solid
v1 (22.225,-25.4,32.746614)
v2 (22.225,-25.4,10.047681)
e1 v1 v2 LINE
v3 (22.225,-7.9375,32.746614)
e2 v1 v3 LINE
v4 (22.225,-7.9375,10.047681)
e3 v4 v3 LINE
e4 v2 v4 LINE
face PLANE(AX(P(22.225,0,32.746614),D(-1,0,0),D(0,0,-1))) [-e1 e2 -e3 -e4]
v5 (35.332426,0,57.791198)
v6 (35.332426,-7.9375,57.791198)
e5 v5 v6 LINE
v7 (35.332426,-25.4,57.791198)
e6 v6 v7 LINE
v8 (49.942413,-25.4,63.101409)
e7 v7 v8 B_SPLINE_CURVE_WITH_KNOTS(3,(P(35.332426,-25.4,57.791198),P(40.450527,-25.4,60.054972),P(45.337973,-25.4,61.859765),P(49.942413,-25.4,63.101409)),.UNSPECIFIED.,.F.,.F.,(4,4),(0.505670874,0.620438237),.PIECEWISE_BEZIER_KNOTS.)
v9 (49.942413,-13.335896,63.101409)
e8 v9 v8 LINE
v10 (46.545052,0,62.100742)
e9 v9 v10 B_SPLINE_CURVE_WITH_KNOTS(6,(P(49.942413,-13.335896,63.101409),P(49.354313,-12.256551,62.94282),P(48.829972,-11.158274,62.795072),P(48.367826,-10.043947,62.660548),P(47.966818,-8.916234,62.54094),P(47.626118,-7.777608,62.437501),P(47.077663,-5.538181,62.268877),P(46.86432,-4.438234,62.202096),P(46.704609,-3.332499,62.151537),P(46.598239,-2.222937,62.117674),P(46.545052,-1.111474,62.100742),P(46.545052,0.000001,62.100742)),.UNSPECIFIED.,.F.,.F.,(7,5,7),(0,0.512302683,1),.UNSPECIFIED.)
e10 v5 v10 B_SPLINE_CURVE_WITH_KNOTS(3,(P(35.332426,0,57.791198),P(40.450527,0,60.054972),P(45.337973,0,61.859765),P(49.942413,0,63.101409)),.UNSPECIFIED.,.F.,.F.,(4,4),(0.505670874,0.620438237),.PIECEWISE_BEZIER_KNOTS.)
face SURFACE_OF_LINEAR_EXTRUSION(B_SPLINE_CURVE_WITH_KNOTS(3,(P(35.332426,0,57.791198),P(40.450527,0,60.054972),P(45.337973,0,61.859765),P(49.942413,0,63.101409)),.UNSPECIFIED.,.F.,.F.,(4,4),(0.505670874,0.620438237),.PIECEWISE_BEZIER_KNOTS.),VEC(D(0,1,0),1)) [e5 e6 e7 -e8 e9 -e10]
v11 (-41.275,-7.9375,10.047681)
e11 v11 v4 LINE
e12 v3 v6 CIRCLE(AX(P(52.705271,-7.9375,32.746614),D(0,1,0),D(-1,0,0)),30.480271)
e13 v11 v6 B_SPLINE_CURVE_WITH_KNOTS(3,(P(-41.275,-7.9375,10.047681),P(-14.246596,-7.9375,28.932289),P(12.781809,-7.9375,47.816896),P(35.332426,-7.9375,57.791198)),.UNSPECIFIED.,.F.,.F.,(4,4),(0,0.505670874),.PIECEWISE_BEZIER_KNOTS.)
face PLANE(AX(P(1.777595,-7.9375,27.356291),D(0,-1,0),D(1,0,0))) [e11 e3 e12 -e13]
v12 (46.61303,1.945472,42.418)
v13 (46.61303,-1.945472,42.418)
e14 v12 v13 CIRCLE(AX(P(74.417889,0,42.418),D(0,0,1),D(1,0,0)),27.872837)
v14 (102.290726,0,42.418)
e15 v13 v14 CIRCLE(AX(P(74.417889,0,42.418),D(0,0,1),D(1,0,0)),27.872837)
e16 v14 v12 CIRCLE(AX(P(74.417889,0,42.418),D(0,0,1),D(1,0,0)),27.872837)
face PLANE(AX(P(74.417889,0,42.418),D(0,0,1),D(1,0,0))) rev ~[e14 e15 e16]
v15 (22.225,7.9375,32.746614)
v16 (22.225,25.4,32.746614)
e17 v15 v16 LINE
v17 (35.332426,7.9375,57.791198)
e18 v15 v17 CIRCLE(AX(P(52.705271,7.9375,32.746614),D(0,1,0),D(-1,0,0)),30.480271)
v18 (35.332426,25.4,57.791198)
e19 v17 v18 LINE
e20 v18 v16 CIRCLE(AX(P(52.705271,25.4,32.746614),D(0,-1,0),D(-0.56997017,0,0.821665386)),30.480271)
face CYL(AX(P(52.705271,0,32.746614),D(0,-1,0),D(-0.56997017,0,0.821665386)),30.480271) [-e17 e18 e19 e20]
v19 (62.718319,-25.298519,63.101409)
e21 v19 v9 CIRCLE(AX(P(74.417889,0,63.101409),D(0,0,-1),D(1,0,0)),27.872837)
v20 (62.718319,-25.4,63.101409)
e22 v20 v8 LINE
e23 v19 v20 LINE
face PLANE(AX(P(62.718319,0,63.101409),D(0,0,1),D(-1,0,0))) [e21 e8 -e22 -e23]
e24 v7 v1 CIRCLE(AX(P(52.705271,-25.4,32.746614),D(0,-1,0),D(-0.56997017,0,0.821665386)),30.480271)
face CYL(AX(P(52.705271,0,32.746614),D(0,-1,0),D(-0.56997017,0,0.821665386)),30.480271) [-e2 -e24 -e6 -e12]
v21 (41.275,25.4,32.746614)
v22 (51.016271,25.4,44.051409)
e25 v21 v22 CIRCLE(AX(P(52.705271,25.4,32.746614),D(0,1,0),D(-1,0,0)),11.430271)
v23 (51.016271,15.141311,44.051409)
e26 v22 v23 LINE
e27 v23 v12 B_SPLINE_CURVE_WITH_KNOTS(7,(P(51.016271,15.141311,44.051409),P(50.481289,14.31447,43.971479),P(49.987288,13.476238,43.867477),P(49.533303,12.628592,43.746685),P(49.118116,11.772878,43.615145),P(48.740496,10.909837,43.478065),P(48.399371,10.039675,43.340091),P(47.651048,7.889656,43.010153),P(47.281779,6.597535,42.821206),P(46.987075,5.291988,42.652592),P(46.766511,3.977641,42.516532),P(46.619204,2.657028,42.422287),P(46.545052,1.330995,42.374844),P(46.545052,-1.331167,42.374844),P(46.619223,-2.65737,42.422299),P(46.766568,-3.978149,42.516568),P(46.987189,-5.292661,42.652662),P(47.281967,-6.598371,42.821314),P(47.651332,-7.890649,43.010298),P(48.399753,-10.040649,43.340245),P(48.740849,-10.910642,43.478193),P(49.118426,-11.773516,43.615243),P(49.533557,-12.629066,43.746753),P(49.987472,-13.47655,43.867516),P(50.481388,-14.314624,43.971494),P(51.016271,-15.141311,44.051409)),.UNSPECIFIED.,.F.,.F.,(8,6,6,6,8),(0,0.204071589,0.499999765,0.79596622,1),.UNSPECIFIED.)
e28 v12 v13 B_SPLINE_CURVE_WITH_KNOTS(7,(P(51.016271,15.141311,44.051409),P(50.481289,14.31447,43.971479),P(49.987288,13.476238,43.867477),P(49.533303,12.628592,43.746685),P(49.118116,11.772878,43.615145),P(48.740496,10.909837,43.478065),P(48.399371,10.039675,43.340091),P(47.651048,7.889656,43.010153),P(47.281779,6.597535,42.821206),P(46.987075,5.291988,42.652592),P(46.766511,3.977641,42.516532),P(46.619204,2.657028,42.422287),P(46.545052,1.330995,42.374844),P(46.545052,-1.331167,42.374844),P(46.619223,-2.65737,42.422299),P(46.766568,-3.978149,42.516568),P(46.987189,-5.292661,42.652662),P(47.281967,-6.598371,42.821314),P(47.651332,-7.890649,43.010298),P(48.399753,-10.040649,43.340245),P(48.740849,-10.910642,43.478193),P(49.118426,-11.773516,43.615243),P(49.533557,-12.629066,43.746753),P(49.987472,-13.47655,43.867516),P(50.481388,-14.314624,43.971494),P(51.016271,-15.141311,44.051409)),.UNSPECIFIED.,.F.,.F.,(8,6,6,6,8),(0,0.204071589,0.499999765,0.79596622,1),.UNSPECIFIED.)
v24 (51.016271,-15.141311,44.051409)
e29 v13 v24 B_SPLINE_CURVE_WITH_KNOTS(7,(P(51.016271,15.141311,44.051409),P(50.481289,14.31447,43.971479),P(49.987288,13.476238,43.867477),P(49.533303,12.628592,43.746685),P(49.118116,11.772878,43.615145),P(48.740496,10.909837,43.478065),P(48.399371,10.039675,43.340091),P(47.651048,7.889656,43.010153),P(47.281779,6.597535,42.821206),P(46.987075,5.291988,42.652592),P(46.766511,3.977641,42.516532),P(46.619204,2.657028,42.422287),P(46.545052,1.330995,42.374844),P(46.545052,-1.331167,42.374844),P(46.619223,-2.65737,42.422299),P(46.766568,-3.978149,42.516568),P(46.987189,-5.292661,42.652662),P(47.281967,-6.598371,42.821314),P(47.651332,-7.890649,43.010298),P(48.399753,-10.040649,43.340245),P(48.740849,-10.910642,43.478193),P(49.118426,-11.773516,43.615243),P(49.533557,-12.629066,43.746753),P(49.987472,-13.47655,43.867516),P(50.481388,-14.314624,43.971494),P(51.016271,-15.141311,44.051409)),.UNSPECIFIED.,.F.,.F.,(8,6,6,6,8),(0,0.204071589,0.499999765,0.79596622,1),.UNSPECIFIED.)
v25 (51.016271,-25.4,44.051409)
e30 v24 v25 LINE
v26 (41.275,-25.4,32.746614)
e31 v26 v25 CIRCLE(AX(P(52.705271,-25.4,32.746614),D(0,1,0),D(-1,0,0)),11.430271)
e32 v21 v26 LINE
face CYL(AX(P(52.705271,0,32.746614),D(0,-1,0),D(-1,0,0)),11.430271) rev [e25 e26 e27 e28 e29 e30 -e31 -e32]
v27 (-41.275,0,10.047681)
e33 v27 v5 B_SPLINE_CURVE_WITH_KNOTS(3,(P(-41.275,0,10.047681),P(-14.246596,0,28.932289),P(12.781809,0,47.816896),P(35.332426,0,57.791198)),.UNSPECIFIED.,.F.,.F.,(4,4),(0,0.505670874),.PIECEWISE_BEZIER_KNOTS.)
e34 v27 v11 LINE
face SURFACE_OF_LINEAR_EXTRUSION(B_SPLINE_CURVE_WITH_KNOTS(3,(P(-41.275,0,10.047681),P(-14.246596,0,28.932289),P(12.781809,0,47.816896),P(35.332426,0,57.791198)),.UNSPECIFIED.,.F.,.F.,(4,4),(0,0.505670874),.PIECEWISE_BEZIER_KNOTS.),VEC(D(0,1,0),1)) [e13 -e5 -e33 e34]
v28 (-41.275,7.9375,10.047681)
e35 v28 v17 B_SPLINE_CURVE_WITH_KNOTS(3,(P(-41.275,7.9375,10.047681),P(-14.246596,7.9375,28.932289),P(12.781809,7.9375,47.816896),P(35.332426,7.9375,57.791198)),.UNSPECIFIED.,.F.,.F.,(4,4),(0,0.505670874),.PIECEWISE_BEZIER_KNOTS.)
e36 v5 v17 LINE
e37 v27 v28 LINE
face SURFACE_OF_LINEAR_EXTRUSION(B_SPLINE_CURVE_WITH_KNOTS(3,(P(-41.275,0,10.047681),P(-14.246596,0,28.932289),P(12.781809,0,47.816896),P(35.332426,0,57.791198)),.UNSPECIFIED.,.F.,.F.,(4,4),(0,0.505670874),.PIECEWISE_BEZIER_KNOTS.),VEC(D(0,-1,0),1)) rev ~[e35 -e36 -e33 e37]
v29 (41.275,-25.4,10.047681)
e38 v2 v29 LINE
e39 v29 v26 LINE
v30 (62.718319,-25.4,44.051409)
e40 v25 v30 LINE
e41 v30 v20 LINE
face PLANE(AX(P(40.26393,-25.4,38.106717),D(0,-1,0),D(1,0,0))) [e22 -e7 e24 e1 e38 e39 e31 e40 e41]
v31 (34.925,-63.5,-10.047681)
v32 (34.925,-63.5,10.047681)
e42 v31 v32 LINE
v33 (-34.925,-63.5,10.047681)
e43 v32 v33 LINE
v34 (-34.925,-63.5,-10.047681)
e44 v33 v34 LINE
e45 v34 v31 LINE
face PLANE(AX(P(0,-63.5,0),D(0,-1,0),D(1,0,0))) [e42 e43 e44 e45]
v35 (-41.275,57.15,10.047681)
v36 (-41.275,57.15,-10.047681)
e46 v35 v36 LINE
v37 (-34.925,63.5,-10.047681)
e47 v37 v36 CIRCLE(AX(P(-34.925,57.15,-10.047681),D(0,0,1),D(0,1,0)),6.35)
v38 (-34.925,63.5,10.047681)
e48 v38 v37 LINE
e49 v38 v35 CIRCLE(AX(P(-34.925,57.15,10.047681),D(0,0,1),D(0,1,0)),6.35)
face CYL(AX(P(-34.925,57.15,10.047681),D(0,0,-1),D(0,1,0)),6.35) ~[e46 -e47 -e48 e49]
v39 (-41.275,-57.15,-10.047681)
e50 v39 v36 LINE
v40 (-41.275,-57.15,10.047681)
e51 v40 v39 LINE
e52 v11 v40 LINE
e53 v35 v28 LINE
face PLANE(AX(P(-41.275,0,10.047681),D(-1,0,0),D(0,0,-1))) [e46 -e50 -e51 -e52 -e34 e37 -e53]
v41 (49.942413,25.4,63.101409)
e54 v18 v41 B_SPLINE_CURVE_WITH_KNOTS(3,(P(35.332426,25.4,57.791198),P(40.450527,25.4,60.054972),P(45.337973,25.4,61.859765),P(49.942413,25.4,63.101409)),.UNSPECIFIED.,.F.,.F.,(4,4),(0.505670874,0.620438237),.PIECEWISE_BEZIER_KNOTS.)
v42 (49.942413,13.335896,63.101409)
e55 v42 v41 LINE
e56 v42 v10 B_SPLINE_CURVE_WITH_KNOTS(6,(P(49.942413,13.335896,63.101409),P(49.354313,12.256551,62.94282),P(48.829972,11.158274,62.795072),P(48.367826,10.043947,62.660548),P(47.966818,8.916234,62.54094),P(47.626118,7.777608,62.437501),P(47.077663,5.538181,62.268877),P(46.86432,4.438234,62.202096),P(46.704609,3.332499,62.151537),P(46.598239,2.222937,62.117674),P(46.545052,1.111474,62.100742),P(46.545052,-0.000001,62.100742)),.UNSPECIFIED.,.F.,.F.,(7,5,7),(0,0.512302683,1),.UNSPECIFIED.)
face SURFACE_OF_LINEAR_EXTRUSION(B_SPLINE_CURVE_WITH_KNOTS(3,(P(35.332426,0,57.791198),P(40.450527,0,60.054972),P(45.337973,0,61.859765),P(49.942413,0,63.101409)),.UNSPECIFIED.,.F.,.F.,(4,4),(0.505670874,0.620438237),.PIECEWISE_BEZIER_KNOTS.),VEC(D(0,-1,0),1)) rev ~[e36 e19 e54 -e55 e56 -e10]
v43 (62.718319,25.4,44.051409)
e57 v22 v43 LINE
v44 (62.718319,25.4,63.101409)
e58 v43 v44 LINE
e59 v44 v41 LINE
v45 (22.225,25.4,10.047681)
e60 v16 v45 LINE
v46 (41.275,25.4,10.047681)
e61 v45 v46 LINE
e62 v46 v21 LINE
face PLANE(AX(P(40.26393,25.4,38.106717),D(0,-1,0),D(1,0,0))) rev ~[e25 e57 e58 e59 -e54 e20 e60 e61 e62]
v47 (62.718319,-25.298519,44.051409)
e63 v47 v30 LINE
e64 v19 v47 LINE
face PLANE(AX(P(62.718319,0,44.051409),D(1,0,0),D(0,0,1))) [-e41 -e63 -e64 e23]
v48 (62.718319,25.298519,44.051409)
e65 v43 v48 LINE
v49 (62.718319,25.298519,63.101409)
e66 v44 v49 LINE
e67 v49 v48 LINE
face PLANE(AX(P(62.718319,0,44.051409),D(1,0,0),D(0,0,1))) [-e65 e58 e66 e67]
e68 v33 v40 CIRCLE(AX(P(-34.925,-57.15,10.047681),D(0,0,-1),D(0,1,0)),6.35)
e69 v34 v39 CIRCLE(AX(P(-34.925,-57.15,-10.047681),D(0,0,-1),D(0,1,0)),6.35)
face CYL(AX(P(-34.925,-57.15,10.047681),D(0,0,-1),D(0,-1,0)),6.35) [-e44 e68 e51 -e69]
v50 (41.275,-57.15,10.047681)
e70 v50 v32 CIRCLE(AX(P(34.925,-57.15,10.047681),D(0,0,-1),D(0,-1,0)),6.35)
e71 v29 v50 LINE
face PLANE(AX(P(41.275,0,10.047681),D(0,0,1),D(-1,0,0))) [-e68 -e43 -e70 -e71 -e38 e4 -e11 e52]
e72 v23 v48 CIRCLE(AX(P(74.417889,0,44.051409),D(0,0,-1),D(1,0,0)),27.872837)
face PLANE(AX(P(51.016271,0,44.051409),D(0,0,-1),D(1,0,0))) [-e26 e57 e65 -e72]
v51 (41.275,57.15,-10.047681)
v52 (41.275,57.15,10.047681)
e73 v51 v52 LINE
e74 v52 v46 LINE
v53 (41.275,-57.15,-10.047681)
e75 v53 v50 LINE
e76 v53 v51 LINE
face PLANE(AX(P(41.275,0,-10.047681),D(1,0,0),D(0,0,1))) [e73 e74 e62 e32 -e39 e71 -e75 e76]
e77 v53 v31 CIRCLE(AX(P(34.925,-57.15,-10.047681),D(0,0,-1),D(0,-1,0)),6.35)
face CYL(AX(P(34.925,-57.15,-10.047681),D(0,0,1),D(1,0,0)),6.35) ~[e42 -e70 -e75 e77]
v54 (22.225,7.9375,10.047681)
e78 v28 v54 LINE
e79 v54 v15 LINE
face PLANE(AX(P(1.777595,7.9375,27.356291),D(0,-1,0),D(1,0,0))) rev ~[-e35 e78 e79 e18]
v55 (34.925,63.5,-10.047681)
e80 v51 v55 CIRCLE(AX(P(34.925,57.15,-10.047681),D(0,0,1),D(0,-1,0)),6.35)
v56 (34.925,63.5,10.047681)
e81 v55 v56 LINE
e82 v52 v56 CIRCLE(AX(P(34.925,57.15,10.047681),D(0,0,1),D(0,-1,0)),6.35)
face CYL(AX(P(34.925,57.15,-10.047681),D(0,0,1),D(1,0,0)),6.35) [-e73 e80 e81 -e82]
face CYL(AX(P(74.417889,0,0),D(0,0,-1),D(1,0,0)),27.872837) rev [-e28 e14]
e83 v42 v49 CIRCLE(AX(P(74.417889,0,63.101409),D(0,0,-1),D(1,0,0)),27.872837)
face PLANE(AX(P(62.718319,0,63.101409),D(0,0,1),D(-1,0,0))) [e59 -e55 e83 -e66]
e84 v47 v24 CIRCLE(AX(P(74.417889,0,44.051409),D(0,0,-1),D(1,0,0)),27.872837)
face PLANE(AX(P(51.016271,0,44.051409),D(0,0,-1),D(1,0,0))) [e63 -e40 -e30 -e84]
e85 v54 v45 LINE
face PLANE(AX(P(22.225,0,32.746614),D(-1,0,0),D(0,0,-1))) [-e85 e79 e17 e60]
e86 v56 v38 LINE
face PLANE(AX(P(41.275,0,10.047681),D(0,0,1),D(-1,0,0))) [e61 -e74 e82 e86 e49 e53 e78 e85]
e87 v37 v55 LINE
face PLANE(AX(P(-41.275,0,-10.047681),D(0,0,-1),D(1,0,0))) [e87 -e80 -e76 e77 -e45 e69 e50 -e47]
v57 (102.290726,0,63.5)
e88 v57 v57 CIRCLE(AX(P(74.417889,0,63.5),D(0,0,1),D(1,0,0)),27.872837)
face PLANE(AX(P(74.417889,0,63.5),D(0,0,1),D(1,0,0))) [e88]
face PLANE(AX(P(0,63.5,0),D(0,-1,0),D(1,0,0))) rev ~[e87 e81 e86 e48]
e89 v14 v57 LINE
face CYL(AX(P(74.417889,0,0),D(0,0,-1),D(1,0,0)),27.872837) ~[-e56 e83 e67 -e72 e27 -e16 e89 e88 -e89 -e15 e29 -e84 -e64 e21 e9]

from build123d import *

# Parameters (mm, degrees)
F1_DEPTH = 63.5
F2_DEPTH = 25.4
F3_DEPTH = 7.9375
F4_R     = 27.8728367349
F5_DEPTH = 63.5
F6_DEPTH = 42.418
F7_R     = 6.35


with BuildPart() as f1:
    # F0 (on Front) → F1 (new body, symmetric)
    with BuildSketch(Plane.XZ):
        Polygon((41.275, -10.04768112), (41.275, 10.04768112), (22.225, 10.04768112), (-41.275, 10.04768112), (-41.275, -10.04768112), align=None)
    extrude(amount=F1_DEPTH, both=True)

    # F0 (on Front) → F2 (join, symmetric)
    with BuildSketch(Plane.XZ):
        with BuildLine():
            Line((22.225, 10.04768112), (41.275, 10.04768112))
            Line((41.275, 10.04768112), (41.275, 32.7466142374))
            ThreePointArc((41.275, 32.7466142374), (44.0462635088, 40.2080273698), (51.0162711539, 44.0514087971))
            Line((51.0162711539, 44.0514087971), (62.7183187845, 44.0514087971))
            Line((62.7183187845, 44.0514087971), (62.7183187845, 63.1014087971))
            Line((62.7183187845, 63.1014087971), (49.9424132783, 63.1014087971))
            add(Edge.make_bspline(
                [(35.3324258873, 57.7911980863), (40.4505273994, 60.0549715303), (45.3379731216, 61.8597652076), (49.9424132783, 63.1014087971)],
                knots=[0.5056708744, 0.5056708744, 0.5056708744, 0.5056708744, 0.620438237, 0.620438237, 0.620438237, 0.620438237], degree=3))
            ThreePointArc((35.3324258873, 57.7911980863), (25.6999386791, 46.8802248302), (22.225, 32.7466142374))
            Line((22.225, 32.7466142374), (22.225, 10.04768112))
        make_face()
    extrude(amount=F2_DEPTH, both=True)

    # F0 (on Front) → F3 (join, symmetric)
    with BuildSketch(Plane.XZ):
        with BuildLine():
            Line((-41.275, 10.04768112), (22.225, 10.04768112))
            Line((22.225, 10.04768112), (22.225, 32.7466142374))
            ThreePointArc((22.225, 32.7466142374), (25.6999386791, 46.8802248302), (35.3324258873, 57.7911980863))
            add(Edge.make_bspline(
                [(-41.275, 10.04768112), (-14.2465956817, 28.9322887665), (12.7818086366, 47.816896413), (35.3324258873, 57.7911980863)],
                knots=[0, 0, 0, 0, 0.5056708744, 0.5056708744, 0.5056708744, 0.5056708744], degree=3))
        make_face()
    extrude(amount=F3_DEPTH, both=True)

    # F4 (on Top) → F5 (join)
    with BuildSketch(Plane.XY):
        with Locations((74.4178891182, 0)):
            Circle(F4_R)
    extrude(amount=F5_DEPTH)

    # F6 (cut): a face of the model
    f6_faces = [f1.faces().sort_by_distance(p)[0] for p in [
        (74.4178891182, 0, 0),
    ]]
    extrude(f6_faces, amount=-F6_DEPTH, mode=Mode.SUBTRACT)

    # F7
    f7_edges = [f1.edges().sort_by_distance(p)[0] for p in [
        (-41.275, -63.5, 0),
        (-41.275, 63.5, 0),
        (41.275, -63.5, 0),
        (41.275, 63.5, 0),
    ]]
    fillet(f7_edges, radius=F7_R)


solid = f1.part
